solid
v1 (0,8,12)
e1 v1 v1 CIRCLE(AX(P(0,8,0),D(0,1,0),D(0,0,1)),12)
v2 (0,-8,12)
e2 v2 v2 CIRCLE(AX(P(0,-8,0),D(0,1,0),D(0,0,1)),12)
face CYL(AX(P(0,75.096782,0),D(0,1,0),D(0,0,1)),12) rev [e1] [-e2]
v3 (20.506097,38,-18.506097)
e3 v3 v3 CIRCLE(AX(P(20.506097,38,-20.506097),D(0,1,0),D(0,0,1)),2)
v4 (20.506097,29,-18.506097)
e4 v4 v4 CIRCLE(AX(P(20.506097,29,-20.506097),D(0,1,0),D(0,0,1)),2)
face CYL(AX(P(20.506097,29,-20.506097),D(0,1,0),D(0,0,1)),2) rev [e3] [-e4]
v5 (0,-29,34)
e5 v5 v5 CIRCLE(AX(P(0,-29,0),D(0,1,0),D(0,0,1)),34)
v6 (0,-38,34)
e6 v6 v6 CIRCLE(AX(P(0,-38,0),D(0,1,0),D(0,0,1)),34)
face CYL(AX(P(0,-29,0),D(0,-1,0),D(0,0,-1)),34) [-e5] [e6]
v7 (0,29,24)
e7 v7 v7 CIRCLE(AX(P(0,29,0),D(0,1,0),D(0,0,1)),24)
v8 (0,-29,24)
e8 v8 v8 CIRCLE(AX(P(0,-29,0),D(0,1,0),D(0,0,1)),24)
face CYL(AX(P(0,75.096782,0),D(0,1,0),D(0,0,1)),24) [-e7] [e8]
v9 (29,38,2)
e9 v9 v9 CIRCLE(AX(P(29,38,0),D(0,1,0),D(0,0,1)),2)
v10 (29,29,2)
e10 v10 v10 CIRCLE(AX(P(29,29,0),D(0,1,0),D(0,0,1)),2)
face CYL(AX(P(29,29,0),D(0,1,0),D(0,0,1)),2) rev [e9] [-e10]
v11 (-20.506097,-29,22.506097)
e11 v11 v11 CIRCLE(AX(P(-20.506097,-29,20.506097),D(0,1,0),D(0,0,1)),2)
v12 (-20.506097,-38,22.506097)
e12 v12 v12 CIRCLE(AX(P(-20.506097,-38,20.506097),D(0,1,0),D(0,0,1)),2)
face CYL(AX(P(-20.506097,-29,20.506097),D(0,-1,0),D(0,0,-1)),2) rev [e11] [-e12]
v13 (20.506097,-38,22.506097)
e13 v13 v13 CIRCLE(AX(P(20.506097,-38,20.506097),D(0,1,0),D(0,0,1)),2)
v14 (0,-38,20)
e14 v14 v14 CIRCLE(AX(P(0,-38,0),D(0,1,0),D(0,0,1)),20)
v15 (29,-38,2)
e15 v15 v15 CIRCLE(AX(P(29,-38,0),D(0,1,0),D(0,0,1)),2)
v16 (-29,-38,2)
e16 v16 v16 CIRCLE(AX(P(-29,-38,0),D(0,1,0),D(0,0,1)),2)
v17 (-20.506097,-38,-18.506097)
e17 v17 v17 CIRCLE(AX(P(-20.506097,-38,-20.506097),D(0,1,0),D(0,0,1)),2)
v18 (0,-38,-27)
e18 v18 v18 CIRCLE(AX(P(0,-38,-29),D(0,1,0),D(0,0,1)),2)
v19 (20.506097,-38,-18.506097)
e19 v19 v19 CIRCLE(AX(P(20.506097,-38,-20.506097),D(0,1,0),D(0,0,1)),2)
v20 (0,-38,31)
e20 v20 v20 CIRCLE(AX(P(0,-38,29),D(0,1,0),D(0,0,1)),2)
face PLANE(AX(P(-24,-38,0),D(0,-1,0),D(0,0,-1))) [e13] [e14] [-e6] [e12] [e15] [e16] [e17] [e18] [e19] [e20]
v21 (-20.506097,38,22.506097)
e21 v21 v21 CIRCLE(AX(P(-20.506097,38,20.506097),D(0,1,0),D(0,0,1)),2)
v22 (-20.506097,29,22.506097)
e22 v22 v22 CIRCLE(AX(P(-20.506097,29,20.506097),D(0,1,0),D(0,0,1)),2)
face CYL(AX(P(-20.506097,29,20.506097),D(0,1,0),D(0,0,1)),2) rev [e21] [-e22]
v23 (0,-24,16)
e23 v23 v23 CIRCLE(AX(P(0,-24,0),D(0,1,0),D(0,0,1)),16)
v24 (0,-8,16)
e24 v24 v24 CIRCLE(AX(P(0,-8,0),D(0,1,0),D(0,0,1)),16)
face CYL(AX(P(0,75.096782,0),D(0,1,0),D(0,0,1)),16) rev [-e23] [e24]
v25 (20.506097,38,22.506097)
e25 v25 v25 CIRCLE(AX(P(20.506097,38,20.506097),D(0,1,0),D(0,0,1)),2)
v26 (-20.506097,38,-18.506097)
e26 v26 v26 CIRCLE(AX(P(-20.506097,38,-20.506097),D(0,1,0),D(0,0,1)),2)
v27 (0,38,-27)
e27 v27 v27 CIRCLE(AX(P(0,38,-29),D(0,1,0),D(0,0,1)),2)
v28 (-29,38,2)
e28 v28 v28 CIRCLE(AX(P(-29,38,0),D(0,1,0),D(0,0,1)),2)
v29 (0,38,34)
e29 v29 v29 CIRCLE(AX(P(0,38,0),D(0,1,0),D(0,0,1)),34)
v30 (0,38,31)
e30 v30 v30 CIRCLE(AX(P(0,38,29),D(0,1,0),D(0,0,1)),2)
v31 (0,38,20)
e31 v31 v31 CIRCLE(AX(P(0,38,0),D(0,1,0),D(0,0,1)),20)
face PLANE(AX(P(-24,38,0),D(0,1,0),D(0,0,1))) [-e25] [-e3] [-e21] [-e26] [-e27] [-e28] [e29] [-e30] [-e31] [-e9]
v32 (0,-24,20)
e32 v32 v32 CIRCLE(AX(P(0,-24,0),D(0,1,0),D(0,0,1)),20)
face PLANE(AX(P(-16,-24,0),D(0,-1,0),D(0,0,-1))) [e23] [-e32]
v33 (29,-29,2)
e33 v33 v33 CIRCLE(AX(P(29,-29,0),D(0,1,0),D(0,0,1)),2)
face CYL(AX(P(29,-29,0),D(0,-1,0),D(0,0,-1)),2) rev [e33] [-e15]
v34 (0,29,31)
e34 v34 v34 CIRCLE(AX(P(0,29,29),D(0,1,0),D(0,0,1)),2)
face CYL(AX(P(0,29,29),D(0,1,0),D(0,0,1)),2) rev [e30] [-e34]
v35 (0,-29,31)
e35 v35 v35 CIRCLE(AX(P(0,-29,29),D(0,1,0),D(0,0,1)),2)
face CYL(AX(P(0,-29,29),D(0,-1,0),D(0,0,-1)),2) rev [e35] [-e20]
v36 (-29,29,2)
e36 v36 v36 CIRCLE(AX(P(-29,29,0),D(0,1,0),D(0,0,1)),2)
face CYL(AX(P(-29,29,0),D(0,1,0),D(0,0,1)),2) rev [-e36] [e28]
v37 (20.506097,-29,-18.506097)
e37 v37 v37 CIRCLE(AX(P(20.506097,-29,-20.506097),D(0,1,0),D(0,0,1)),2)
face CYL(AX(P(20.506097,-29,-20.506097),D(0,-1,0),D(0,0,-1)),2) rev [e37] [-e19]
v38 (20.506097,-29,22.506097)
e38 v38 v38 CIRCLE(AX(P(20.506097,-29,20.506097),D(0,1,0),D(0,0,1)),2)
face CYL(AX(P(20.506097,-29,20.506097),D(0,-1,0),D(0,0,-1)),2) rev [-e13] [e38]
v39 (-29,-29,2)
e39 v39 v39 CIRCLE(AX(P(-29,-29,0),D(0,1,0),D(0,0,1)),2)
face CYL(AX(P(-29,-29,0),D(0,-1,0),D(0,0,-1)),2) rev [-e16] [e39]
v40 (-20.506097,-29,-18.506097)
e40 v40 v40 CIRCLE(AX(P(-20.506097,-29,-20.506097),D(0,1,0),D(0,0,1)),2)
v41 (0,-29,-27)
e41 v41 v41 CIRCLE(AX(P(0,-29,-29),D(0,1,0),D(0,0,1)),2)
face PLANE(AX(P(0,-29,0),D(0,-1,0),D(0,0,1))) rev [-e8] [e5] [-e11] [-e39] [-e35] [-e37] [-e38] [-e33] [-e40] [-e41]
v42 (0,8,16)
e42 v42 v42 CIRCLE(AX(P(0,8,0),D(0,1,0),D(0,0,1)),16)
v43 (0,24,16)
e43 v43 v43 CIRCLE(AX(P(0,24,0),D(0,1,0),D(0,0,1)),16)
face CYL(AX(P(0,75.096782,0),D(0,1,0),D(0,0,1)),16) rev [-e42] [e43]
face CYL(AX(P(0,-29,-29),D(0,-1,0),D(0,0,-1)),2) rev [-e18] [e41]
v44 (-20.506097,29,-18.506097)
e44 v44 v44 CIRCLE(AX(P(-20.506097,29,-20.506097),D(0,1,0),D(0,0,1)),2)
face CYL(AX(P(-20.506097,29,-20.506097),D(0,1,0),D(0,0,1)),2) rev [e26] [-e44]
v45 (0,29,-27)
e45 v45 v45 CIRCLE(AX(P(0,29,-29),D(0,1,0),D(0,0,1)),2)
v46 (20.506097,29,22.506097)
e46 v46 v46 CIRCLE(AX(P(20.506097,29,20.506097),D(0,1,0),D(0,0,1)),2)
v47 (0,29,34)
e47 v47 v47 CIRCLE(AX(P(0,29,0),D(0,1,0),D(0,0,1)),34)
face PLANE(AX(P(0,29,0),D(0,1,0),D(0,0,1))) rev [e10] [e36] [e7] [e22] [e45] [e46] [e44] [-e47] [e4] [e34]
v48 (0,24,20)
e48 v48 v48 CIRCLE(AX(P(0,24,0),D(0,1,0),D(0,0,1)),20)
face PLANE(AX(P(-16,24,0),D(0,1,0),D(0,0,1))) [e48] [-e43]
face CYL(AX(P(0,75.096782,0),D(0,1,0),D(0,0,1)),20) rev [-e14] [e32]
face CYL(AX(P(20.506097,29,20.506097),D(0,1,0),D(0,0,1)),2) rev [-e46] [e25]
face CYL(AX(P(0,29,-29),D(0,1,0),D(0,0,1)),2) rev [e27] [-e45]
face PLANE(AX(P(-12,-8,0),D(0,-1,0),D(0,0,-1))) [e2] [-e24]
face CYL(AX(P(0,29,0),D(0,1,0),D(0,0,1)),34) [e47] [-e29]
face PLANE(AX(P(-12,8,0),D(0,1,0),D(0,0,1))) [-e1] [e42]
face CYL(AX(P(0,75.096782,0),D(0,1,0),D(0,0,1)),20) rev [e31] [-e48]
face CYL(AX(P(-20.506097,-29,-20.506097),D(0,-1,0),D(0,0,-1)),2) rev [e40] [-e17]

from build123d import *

# Parameters (mm, degrees)
SKETCH4_R           = 34
SKETCH4_R_2         = 24
SKETCH4_R_3         = 2
BOSS_EXTRUDE1_DEPTH = 9


with BuildPart() as part:
    # Sketch1 → Revolve1 (revolve)
    with BuildSketch(Plane.XY):
        Polygon((-12, 8), (-12, -8), (-16, -8), (-16, -24), (-20, -24), (-20, -38), (-24, -38), (-24, 38), (-20, 38), (-20, 24), (-16, 24), (-16, 8), align=None)
    revolve(axis=Axis((0, 75.096781517, 0), (0, -1, 0)))

    # Sketch4 → Boss-Extrude1 (add)
    with BuildSketch(Plane(origin=(0, 38, 0), x_dir=(1, 0, 0), z_dir=(0, 1, 0))):
        Circle(SKETCH4_R)
        Circle(SKETCH4_R_2, mode=Mode.SUBTRACT)
        with Locations((0, 29)):
            Circle(SKETCH4_R_3, mode=Mode.SUBTRACT)
        with Locations((20.506096654, 20.506096654)):
            Circle(SKETCH4_R_3, mode=Mode.SUBTRACT)
        with Locations((29, 0)):
            Circle(SKETCH4_R_3, mode=Mode.SUBTRACT)
        with Locations((20.506096654, -20.506096654)):
            Circle(SKETCH4_R_3, mode=Mode.SUBTRACT)
        with Locations((0, -29)):
            Circle(SKETCH4_R_3, mode=Mode.SUBTRACT)
        with Locations((-20.506096654, -20.506096654)):
            Circle(SKETCH4_R_3, mode=Mode.SUBTRACT)
        with Locations((-29, 0)):
            Circle(SKETCH4_R_3, mode=Mode.SUBTRACT)
        with Locations((-20.506096654, 20.506096654)):
            Circle(SKETCH4_R_3, mode=Mode.SUBTRACT)
    boss_extrude1 = extrude(amount=-BOSS_EXTRUDE1_DEPTH)

    # Mirror1: Boss-Extrude1 across plane
    add(boss_extrude1.mirror(Plane.ZX))


solid = part.part
